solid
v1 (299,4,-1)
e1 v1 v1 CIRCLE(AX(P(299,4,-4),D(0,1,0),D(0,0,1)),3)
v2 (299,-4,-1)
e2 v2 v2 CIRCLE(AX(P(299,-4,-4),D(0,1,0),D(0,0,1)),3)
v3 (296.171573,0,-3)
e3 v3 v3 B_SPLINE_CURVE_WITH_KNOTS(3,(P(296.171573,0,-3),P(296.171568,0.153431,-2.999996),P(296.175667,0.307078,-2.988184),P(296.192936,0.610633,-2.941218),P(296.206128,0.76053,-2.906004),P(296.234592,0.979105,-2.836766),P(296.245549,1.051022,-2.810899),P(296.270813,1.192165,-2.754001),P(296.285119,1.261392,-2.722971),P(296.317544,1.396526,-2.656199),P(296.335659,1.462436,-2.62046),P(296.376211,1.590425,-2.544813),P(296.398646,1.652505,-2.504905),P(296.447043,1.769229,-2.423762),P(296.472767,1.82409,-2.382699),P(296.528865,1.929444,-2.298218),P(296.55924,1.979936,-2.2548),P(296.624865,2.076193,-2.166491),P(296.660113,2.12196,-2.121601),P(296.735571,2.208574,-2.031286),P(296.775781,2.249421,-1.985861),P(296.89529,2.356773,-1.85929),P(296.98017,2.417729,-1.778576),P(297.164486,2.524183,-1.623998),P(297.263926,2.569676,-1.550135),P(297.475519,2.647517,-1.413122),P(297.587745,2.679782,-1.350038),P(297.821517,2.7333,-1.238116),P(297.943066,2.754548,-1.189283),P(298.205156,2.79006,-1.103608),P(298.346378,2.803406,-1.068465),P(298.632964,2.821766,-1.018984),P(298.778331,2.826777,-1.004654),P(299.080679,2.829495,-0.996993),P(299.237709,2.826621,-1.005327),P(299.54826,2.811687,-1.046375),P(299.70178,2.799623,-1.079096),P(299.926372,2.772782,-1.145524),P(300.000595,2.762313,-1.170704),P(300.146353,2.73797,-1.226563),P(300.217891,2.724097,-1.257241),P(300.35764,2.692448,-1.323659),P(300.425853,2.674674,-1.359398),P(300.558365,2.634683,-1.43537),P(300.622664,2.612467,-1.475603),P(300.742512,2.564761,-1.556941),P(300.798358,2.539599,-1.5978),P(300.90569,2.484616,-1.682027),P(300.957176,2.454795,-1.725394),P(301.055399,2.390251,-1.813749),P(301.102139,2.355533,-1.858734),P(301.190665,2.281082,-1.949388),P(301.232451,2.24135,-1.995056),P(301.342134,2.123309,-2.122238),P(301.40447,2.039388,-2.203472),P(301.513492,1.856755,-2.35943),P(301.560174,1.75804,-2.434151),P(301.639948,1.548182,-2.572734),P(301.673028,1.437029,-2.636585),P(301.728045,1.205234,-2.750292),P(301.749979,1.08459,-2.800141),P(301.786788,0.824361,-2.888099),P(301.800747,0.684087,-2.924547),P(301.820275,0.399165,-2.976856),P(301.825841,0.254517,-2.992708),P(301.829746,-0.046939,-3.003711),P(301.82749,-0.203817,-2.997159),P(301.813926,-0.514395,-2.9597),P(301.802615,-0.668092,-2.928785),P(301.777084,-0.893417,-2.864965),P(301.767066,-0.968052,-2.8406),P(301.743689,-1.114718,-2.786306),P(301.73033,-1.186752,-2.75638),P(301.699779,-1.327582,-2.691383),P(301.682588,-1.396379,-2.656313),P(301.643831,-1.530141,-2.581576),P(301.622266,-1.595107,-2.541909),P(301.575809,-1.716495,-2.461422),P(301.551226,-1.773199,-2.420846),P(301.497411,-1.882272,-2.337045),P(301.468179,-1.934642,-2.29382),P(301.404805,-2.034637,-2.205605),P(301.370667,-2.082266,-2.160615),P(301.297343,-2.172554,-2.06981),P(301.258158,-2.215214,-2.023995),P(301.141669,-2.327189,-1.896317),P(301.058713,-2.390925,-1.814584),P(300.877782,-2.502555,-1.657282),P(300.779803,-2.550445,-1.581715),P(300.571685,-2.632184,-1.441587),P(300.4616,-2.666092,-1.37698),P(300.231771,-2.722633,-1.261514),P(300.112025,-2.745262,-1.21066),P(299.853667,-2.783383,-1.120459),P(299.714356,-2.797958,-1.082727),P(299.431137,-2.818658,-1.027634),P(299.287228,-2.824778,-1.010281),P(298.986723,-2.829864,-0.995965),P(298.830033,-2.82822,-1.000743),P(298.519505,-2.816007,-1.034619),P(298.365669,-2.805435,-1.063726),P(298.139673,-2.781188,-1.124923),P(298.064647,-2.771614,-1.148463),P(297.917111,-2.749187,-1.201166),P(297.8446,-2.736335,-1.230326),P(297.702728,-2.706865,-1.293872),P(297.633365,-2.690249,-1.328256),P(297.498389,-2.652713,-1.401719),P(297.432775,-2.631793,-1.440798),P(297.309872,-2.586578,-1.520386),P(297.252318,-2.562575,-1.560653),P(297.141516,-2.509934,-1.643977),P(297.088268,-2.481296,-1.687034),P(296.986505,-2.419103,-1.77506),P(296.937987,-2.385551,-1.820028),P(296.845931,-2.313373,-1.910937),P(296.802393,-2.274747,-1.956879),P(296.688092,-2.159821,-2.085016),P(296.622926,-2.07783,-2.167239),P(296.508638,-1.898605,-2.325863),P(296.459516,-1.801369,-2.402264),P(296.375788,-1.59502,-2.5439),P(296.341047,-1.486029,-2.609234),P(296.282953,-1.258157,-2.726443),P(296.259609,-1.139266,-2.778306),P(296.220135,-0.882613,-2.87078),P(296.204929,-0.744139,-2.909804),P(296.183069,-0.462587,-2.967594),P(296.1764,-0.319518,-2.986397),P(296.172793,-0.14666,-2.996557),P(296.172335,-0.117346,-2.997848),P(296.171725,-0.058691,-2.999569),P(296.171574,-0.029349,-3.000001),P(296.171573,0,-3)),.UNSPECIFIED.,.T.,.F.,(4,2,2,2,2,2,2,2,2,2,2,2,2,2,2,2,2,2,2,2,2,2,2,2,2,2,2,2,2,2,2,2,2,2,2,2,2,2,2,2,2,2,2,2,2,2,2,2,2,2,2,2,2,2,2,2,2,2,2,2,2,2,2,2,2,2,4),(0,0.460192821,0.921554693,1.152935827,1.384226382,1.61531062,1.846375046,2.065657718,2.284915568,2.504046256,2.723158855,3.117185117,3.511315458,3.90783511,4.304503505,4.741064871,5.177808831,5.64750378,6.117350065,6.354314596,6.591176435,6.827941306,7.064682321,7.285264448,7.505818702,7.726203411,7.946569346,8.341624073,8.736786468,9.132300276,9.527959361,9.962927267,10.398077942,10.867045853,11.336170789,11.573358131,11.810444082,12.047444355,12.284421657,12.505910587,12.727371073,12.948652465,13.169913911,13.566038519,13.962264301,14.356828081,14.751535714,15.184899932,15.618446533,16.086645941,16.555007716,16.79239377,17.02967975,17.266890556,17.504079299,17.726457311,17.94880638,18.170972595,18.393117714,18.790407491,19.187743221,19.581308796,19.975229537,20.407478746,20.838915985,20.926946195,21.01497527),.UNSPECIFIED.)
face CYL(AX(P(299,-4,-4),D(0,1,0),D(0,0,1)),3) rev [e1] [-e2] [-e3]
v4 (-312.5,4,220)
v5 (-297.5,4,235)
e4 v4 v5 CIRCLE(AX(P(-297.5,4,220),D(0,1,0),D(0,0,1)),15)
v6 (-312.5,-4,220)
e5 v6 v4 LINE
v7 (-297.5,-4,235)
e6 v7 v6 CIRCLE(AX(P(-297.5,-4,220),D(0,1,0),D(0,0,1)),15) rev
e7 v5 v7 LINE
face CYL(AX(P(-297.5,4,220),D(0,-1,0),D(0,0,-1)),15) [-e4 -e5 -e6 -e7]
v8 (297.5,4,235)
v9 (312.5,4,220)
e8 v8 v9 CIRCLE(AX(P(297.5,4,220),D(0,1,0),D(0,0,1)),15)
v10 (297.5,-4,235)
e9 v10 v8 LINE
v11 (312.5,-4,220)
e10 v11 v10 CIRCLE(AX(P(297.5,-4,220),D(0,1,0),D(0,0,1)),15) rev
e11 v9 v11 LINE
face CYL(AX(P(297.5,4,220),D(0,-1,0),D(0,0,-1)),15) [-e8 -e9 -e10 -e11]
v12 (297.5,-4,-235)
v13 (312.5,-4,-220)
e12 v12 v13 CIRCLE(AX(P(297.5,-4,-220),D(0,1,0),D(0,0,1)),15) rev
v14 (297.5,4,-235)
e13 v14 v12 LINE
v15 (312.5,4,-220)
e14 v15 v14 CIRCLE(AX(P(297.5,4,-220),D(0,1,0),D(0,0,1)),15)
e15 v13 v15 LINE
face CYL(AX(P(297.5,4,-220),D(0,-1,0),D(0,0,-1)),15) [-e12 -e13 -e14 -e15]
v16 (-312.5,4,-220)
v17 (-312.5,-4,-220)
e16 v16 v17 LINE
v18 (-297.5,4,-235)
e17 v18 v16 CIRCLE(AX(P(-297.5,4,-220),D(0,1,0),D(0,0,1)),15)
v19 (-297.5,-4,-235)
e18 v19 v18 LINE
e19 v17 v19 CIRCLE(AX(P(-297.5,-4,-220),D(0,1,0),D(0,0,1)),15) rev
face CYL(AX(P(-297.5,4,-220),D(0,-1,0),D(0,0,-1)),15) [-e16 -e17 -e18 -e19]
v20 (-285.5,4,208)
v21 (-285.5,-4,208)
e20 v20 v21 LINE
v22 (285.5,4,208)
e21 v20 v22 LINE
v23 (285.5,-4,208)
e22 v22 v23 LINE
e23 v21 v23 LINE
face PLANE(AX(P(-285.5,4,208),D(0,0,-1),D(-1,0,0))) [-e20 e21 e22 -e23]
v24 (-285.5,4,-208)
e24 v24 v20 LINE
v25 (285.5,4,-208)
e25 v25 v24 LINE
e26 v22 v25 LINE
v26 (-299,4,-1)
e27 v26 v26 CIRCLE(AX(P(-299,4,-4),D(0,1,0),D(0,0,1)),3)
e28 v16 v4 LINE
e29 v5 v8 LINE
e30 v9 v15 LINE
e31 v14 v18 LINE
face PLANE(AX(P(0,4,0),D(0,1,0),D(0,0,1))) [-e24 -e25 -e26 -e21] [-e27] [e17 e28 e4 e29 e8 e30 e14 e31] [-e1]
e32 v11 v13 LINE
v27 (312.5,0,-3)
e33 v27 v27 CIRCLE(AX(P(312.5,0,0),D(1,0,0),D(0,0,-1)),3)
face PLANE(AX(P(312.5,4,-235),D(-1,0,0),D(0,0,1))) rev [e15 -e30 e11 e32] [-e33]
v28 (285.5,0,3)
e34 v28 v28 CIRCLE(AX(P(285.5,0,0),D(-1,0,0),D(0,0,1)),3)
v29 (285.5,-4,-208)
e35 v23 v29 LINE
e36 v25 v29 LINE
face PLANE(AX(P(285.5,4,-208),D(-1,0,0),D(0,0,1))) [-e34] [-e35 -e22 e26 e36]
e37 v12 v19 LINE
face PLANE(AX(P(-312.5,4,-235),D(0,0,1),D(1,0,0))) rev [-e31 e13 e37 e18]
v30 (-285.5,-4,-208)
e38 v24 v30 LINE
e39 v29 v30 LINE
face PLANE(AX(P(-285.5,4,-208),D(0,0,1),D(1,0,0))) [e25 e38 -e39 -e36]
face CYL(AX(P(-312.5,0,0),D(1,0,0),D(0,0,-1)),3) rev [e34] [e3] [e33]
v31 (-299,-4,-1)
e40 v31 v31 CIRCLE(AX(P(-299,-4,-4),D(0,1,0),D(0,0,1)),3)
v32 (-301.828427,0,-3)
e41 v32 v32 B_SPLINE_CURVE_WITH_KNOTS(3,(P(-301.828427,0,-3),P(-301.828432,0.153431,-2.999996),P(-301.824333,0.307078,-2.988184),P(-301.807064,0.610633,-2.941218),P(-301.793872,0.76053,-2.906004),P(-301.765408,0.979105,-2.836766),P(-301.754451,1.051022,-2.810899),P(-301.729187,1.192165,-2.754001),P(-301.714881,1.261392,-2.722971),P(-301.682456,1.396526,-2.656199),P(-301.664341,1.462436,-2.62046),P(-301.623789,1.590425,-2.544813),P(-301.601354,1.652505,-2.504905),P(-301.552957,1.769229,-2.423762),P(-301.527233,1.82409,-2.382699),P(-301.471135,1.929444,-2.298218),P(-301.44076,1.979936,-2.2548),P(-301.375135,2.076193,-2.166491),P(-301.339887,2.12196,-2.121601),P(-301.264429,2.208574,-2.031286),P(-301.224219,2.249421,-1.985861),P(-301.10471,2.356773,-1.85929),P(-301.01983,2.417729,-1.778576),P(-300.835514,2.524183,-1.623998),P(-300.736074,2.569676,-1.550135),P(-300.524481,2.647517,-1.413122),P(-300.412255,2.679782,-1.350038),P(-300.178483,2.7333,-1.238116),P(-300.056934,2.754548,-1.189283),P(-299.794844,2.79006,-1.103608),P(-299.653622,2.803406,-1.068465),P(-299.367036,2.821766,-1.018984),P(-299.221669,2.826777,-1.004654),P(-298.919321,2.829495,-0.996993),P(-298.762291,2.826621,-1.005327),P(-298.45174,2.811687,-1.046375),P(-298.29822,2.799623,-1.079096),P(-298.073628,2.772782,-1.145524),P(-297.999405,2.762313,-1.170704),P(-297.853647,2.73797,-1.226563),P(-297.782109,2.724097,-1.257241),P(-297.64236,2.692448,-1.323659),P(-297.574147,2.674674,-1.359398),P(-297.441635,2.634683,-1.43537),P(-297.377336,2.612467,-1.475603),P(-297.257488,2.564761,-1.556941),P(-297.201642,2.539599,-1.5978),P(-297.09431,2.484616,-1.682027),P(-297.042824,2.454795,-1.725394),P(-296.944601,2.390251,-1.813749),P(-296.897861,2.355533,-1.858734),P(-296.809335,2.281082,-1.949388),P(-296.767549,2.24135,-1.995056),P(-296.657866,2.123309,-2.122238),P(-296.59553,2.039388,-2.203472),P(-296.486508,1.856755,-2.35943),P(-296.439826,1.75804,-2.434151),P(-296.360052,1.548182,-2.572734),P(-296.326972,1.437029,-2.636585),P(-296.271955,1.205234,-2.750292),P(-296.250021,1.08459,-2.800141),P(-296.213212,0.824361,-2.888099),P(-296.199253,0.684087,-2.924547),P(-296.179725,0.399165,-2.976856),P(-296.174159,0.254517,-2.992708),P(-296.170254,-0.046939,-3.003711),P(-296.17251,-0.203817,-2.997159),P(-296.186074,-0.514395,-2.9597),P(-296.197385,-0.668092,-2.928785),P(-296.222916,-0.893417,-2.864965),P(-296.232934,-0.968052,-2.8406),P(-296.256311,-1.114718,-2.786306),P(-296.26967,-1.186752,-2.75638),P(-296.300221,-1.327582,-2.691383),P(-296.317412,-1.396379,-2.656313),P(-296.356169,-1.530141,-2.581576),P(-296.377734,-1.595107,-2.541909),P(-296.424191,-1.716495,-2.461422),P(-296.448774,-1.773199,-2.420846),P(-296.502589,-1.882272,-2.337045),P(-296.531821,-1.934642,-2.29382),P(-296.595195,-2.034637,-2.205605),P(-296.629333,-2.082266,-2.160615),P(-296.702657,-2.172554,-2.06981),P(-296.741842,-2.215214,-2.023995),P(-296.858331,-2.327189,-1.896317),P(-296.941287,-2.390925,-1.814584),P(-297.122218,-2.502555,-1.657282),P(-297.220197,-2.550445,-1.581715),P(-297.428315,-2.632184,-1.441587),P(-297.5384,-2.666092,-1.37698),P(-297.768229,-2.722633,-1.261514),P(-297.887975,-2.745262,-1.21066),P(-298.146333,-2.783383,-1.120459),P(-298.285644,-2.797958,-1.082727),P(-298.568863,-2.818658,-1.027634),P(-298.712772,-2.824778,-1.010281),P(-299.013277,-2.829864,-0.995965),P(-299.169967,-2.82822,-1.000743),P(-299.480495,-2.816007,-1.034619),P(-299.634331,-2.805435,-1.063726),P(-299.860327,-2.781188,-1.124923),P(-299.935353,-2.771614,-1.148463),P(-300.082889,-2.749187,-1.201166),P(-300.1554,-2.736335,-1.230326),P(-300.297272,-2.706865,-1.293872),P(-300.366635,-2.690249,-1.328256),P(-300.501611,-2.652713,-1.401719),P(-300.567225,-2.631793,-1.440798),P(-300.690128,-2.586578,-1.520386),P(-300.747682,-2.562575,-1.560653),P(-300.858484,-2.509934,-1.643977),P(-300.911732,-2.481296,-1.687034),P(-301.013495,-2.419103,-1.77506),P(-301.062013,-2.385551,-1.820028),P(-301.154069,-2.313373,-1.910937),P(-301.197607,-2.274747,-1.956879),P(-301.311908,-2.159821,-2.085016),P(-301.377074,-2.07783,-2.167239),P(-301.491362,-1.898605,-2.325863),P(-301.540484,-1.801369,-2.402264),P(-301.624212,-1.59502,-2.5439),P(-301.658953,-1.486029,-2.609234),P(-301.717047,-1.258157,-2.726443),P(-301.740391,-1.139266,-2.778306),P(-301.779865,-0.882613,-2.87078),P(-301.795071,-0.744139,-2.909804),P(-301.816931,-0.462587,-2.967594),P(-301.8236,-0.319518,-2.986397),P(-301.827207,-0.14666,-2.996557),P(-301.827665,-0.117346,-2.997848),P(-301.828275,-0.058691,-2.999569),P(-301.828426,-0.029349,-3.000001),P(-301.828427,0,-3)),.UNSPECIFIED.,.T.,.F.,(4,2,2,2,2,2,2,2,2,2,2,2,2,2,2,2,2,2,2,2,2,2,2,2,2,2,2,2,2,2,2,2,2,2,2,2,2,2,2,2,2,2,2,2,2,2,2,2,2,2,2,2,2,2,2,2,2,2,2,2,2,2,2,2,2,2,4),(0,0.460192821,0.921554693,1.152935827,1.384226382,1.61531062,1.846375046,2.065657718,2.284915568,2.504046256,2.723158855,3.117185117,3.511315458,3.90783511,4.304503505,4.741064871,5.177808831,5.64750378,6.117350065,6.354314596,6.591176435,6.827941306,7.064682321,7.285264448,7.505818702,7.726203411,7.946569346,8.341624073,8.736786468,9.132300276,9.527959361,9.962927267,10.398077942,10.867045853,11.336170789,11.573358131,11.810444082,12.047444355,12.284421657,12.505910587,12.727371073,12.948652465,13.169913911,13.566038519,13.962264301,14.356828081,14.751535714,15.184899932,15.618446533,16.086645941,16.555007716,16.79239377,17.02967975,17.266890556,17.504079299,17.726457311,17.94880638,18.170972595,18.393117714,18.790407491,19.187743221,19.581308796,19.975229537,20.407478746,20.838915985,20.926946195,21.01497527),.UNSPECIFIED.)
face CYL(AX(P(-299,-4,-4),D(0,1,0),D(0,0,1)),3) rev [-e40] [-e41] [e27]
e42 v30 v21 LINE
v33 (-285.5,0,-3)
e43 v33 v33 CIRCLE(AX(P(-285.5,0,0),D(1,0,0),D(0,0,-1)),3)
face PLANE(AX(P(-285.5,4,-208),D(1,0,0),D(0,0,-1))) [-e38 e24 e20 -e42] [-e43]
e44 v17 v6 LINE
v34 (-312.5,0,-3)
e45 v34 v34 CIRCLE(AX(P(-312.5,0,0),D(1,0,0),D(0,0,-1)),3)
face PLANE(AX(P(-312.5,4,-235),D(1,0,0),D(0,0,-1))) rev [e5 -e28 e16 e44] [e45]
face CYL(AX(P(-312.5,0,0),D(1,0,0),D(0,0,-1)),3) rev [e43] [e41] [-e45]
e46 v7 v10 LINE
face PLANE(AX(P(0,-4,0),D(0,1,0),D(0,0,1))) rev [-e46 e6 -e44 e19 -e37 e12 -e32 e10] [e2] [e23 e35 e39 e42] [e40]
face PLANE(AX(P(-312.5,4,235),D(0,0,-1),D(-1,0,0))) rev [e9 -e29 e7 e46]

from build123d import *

# Parameters (mm, degrees)
SKETCH_1_W               = 625
SKETCH_1_H               = 470
SKETCH_1_W_2             = 571
SKETCH_1_H_2             = 416
EXTRUDE_1_DEPTH          = 4
FILLET_1_R               = 15
CUT_EXTRUDE_2_DEPTH      = 392.020779499
CUT_EXTRUDE_2_DEPTH_BACK = 392.020779499
SKETCH_3_R               = 3
SKETCH_4_R               = 3
CUT_EXTRUDE_3_DEPTH      = 392.082152495


with BuildPart() as part:
    # Эскиз1 → Бобышка-Вытянуть1 (new, symmetric)
    with BuildSketch(Plane(origin=(0, 0, 0), x_dir=(1, 0, 0), z_dir=(0, 1, 0))):
        Rectangle(SKETCH_1_W, SKETCH_1_H)
        Rectangle(SKETCH_1_W_2, SKETCH_1_H_2, mode=Mode.SUBTRACT)
    extrude(amount=EXTRUDE_1_DEPTH, both=True)

    # Скругление1
    fillet_1_edges = [part.edges().sort_by_distance(p)[0] for p in [
        (-312.5, 0, -235),
        (312.5, 0, -235),
        (312.5, 0, 235),
        (-312.5, 0, 235),
    ]]
    fillet(fillet_1_edges, radius=FILLET_1_R)

    # Эскиз3 → Вырез-Вытянуть2 (cut, two sides: drawn at the far end of the back side and taken through both)
    with BuildSketch(Plane(origin=(0, 0, 0), x_dir=(0, 0, -1), z_dir=(1, 0, 0)).offset(-CUT_EXTRUDE_2_DEPTH_BACK)):
        Circle(SKETCH_3_R)
    extrude(amount=CUT_EXTRUDE_2_DEPTH + CUT_EXTRUDE_2_DEPTH_BACK, mode=Mode.SUBTRACT)

    # Эскиз4 → Вырез-Вытянуть3 (cut, through all)
    with BuildSketch(Plane(origin=(0, 4, 0), x_dir=(1, 0, 0), z_dir=(0, 1, 0))):
        with Locations(Location((-299, 4, 0), (0, 0, 270))):
            Circle(SKETCH_4_R)
        with Locations(Location((299, 4, 0), (0, 0, 270))):
            Circle(SKETCH_4_R)
    extrude(amount=-CUT_EXTRUDE_3_DEPTH, mode=Mode.SUBTRACT)


solid = part.part
